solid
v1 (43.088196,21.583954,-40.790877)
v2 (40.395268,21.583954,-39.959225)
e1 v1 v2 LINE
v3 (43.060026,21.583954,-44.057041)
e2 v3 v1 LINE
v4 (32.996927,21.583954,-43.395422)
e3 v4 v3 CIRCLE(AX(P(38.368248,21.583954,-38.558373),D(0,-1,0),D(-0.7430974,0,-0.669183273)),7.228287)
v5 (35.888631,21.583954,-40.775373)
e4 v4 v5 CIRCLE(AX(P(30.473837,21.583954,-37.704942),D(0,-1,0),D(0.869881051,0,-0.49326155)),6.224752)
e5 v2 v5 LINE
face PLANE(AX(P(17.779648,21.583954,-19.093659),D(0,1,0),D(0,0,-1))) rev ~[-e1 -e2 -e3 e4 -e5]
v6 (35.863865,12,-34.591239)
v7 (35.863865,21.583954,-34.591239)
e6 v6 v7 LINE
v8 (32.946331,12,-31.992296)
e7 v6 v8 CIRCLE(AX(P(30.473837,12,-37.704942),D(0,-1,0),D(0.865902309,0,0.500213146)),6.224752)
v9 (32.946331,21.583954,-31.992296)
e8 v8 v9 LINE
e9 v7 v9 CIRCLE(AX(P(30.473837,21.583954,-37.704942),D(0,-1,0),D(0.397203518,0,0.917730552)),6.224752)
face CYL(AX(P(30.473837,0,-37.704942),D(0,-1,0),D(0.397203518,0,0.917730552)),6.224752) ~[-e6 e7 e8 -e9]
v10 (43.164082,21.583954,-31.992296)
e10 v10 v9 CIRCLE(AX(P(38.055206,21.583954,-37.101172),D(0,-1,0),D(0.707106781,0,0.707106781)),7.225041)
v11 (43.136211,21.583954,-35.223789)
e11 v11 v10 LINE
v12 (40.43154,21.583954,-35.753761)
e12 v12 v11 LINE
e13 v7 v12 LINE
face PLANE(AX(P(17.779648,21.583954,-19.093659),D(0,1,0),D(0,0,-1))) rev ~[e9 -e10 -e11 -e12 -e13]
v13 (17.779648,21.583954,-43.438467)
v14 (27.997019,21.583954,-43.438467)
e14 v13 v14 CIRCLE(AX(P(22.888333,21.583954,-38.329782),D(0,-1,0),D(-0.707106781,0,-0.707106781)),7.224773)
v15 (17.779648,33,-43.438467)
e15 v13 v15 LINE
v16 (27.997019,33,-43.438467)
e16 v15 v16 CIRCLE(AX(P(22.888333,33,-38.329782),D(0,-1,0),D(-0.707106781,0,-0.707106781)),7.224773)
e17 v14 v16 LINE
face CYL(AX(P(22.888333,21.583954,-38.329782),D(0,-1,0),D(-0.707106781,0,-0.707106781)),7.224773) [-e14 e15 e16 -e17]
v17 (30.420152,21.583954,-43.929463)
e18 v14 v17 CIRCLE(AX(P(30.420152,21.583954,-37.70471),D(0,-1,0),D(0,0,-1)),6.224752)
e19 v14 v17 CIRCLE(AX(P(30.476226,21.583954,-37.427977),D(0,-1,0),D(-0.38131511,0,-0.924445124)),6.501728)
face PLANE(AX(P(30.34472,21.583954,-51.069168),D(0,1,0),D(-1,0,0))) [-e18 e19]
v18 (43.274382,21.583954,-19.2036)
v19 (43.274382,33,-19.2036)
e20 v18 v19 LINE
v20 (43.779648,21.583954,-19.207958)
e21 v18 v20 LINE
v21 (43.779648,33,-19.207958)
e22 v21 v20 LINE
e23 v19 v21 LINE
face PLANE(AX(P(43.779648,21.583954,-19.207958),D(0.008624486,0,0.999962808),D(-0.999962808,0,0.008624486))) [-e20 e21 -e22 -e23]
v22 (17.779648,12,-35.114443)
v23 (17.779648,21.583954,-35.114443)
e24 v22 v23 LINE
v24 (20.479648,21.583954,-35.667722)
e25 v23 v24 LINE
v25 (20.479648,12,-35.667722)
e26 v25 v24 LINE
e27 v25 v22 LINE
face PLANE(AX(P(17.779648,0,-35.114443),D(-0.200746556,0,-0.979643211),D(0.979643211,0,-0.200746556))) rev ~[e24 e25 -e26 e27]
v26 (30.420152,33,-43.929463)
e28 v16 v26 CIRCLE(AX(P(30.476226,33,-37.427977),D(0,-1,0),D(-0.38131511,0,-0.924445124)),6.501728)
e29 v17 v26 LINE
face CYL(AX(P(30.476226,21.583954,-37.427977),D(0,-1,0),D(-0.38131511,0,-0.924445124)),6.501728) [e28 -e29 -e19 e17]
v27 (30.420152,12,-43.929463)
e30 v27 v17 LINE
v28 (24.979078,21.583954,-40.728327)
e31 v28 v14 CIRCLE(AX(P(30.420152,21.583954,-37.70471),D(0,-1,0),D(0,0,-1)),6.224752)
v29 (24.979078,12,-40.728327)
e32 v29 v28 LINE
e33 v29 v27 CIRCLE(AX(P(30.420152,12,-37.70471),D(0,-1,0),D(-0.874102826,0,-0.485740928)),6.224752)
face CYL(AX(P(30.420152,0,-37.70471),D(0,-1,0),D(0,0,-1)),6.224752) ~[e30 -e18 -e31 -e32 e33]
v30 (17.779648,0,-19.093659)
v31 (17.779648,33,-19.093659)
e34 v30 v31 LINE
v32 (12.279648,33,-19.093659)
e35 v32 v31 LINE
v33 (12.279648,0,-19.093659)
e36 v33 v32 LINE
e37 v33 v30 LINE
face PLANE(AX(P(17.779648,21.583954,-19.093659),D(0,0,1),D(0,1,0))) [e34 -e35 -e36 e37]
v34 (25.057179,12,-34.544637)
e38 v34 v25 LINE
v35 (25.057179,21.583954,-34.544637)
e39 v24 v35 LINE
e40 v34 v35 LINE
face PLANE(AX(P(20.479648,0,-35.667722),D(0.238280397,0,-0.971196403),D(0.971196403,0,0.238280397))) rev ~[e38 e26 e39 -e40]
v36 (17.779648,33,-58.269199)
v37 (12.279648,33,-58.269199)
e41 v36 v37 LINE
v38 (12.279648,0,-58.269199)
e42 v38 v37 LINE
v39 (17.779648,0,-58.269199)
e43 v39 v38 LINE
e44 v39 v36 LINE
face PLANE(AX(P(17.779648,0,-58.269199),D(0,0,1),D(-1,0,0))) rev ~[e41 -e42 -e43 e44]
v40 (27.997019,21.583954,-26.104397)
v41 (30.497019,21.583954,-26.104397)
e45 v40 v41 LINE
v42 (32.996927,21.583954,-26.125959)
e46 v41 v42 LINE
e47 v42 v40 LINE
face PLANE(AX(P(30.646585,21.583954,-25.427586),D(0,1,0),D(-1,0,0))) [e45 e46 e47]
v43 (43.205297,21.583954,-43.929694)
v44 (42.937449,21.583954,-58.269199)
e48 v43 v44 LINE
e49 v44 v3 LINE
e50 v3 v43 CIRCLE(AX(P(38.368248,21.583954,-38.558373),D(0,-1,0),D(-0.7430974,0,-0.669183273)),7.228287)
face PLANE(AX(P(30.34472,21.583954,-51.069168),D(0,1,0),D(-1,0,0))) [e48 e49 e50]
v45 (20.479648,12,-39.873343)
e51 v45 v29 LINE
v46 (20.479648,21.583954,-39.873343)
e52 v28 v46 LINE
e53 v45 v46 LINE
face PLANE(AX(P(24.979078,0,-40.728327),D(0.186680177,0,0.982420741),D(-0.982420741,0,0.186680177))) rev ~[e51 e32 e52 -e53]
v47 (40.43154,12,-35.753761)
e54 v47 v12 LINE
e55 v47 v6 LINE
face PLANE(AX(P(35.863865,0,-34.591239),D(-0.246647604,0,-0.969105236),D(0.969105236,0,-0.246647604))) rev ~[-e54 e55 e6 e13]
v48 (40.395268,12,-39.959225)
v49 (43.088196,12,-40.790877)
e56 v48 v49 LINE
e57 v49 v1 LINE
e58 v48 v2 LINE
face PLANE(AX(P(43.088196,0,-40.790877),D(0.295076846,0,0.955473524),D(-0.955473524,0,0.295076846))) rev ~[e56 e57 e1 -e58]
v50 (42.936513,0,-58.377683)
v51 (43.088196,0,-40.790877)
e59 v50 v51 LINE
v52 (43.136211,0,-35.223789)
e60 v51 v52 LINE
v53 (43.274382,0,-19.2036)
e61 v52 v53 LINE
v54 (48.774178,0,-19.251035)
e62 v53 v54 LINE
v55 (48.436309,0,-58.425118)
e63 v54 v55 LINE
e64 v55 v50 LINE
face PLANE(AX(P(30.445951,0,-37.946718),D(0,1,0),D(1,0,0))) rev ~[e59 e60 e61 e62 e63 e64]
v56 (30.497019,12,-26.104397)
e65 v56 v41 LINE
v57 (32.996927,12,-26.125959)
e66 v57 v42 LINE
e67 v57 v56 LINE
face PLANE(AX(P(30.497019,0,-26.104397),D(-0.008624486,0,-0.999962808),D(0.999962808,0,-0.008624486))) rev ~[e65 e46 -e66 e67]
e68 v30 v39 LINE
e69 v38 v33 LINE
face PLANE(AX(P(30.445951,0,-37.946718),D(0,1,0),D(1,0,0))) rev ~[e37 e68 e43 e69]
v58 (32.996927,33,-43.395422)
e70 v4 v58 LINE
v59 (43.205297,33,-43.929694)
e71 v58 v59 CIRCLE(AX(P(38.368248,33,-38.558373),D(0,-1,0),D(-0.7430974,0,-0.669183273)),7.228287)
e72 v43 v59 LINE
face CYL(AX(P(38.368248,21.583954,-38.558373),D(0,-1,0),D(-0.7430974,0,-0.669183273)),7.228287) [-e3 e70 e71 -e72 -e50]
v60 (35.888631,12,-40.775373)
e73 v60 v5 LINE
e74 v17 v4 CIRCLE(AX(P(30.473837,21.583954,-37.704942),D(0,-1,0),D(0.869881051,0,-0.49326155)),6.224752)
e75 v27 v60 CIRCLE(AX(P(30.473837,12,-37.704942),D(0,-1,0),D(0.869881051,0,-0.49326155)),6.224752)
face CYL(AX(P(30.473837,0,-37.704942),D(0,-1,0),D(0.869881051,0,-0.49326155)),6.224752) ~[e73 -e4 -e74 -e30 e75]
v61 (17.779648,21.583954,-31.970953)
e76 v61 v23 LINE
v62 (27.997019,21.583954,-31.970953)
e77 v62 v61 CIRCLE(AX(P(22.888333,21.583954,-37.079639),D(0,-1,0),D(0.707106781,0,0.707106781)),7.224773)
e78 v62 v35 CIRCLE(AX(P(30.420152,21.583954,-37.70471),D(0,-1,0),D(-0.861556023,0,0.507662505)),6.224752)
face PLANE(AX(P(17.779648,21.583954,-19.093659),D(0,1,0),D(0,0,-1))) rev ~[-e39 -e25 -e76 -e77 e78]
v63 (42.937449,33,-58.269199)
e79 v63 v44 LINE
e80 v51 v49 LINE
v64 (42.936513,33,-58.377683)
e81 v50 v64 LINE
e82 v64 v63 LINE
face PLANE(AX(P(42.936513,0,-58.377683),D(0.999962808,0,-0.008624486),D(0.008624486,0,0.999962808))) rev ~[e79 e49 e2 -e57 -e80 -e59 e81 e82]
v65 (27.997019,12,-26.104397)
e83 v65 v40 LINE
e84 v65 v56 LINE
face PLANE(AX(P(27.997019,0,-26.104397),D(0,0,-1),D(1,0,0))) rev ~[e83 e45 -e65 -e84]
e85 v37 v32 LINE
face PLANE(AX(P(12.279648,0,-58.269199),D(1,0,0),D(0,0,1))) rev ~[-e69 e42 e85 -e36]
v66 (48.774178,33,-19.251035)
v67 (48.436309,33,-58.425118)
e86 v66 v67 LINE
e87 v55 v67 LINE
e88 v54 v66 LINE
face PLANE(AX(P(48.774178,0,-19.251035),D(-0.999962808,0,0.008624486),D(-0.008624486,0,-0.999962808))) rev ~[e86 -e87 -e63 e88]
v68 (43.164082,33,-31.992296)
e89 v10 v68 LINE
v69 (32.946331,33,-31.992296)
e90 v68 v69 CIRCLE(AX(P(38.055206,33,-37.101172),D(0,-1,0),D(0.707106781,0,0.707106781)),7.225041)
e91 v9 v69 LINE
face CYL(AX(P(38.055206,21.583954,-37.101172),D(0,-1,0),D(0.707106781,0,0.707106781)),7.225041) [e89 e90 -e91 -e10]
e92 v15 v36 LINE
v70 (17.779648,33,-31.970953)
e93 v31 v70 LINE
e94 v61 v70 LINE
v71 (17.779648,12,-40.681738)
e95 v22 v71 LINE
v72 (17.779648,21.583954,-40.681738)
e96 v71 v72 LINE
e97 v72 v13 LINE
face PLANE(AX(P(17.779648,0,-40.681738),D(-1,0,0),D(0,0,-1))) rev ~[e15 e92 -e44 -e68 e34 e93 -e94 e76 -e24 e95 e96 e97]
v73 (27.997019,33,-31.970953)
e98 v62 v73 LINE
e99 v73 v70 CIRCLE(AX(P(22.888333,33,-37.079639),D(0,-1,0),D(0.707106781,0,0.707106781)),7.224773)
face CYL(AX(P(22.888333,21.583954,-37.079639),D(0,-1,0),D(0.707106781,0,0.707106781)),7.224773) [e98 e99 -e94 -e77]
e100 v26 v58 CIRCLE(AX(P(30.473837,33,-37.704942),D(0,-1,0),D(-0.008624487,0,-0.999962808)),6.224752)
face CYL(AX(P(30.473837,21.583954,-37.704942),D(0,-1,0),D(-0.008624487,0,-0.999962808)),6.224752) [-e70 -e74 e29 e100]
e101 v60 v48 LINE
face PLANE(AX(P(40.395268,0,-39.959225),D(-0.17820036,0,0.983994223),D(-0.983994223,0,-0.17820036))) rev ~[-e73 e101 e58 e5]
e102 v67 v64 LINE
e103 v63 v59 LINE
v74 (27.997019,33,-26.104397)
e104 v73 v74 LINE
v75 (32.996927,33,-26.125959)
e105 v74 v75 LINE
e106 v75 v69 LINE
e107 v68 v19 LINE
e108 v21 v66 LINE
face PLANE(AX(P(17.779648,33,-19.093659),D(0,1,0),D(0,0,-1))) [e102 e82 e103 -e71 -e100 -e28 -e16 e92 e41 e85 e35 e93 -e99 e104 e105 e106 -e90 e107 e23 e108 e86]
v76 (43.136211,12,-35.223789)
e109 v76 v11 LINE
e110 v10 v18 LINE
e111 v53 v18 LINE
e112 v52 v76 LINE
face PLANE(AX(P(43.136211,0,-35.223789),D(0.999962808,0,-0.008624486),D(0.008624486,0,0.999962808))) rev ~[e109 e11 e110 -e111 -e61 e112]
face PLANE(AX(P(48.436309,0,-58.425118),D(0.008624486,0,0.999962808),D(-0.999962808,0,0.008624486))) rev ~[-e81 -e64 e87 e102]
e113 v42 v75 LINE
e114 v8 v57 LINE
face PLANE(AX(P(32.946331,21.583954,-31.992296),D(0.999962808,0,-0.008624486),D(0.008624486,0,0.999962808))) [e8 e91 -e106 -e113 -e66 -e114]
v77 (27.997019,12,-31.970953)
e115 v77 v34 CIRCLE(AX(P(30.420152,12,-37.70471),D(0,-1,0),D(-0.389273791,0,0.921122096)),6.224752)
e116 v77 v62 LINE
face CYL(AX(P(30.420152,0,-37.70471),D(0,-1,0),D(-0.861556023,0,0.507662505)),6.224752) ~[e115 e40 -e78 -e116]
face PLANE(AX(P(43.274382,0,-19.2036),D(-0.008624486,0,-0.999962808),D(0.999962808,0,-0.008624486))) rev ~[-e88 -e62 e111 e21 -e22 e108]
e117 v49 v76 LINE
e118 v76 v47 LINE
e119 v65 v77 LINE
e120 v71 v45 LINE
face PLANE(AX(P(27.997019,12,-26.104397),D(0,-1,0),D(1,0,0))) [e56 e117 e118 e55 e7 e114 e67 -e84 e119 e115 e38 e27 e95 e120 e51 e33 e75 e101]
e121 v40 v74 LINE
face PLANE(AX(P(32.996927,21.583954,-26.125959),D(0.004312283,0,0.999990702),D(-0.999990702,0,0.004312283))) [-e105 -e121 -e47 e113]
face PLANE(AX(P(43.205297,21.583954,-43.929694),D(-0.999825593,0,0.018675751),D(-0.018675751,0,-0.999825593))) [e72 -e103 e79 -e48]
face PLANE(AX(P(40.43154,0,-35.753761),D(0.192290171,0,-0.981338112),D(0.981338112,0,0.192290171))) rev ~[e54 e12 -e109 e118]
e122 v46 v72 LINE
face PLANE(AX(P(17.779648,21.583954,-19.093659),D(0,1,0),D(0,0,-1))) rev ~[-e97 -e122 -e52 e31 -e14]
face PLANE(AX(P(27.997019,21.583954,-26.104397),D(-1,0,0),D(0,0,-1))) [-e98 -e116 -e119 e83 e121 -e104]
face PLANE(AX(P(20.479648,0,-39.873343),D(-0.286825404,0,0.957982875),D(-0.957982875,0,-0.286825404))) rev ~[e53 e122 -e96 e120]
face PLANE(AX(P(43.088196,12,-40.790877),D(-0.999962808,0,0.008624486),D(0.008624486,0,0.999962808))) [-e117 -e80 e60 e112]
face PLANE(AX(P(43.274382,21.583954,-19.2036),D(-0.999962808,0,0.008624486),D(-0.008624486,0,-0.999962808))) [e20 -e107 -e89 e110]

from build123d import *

# Parameters (mm, degrees)
BOSS_EXTRUDE1_DEPTH     = 33
CUT_EXTRUDE1_DEPTH      = 83.954293528
CUT_EXTRUDE1_DEPTH_BACK = 12
SKETCH3_W               = 9.481209811
SKETCH3_H               = 17.021727652
CUT_EXTRUDE2_DEPTH      = 22
SKETCH6_W               = 39.175540074
SKETCH6_H               = 11.416045591
BOSS_EXTRUDE3_DEPTH     = 26
CUT_EXTRUDE3_DEPTH      = 26


with BuildPart() as part:
    # Sketch1 → Boss-Extrude1 (new body)
    with BuildSketch(Plane(origin=(0, 0, 0), x_dir=(1, 0, 0), z_dir=(0, 1, 0))):
        with BuildLine():
            Line((27.99701897, 26.104397373), (30.497019389, 26.104397373))
            Line((30.497019389, 26.104397373), (32.996926828, 26.125958592))
            Line((32.996926828, 26.125958592), (32.946330796, 31.992296402))
            ThreePointArc((32.946330796, 31.992296402), (34.614300355, 33.056919945), (35.86386473, 34.591238885))
            Line((35.86386473, 34.591238885), (40.431539769, 35.753760832))
            Line((40.431539769, 35.753760832), (43.136211097, 35.223788843))
            Line((43.136211097, 35.223788843), (43.274382132, 19.203600277))
            Line((43.274382132, 19.203600277), (48.774177579, 19.251034952))
            Line((48.774177579, 19.251034952), (48.43630867, 58.425118026))
            Line((48.43630867, 58.425118026), (42.936513223, 58.377683351))
            Line((42.936513223, 58.377683351), (43.088196039, 40.790876563))
            Line((43.088196039, 40.790876563), (40.395268448, 39.959225491))
            Line((40.395268448, 39.959225491), (35.888631414, 40.775372904))
            ThreePointArc((35.888631414, 40.775372904), (33.583892359, 43.097075019), (30.420151943, 43.929462788))
            ThreePointArc((30.420151943, 43.929462788), (27.263708108, 43.06982034), (24.979078258, 40.728327384))
            Line((24.979078258, 40.728327384), (20.479647685, 39.873342894))
            Line((20.479647685, 39.873342894), (17.779647685, 40.681737919))
            Line((17.779647685, 40.681737919), (17.779647685, 58.269198812))
            Line((17.779647685, 58.269198812), (12.279647685, 58.269198812))
            Line((12.279647685, 58.269198812), (12.279647685, 19.093658738))
            Line((12.279647685, 19.093658738), (17.779647685, 19.093658738))
            Line((17.779647685, 19.093658738), (17.779647685, 35.114443143))
            Line((17.779647685, 35.114443143), (20.479647685, 35.667721822))
            Line((20.479647685, 35.667721822), (25.057179, 34.544636961))
            ThreePointArc((25.057179, 34.544636961), (26.319929615, 33.021151936), (27.99701897, 31.970953369))
            Line((27.99701897, 31.970953369), (27.99701897, 26.104397373))
        make_face()
    extrude(amount=BOSS_EXTRUDE1_DEPTH)

    # Sketch2 → Cut-Extrude1 (cut, two sides: drawn at the far end of the back side and taken through both)
    with BuildSketch(Plane.XZ.offset(-CUT_EXTRUDE1_DEPTH_BACK)):
        with BuildLine():
            Line((20.479647685, -35.667721822), (17.779647685, -35.114443143))
            Line((17.779647685, -35.114443143), (17.779647685, -40.681737919))
            Line((17.779647685, -40.681737919), (20.479647685, -39.873342894))
            Line((20.479647685, -39.873342894), (24.979078258, -40.728327384))
            ThreePointArc((24.979078258, -40.728327384), (27.263708108, -43.06982034), (30.420151943, -43.929462788))
            ThreePointArc((30.420151943, -43.929462788), (33.576595778, -43.084424394), (35.888631414, -40.775372904))
            Line((35.888631414, -40.775372904), (40.395268448, -39.959225491))
            Line((40.395268448, -39.959225491), (43.088196039, -40.790876563))
            Line((43.088196039, -40.790876563), (43.136211097, -35.223788843))
            Line((43.136211097, -35.223788843), (40.431539769, -35.753760832))
            Line((40.431539769, -35.753760832), (35.86386473, -34.591238885))
            ThreePointArc((35.86386473, -34.591238885), (34.614300355, -33.056919945), (32.946330796, -31.992296402))
            Line((32.946330796, -31.992296402), (32.996926828, -26.125958592))
            Line((32.996926828, -26.125958592), (27.99701897, -26.104397373))
            Line((27.99701897, -26.104397373), (27.99701897, -31.970953369))
            ThreePointArc((27.99701897, -31.970953369), (26.319929615, -33.021151936), (25.057179, -34.544636961))
            Line((25.057179, -34.544636961), (20.479647685, -35.667721822))
        make_face()
    extrude(amount=CUT_EXTRUDE1_DEPTH + CUT_EXTRUDE1_DEPTH_BACK, mode=Mode.SUBTRACT)

    # Sketch3 → Cut-Extrude2 (cut)
    with BuildSketch(Plane.XY.offset(-26.104397373)):
        with Locations((32.737623876, 3.489136174)):
            Rectangle(SKETCH3_W, SKETCH3_H)
    extrude(amount=-CUT_EXTRUDE2_DEPTH, mode=Mode.SUBTRACT)

    # Sketch6 → Boss-Extrude3 (add)
    with BuildSketch(Plane(origin=(17.779647685, 0, 0), x_dir=(0, 0, -1), z_dir=(1, 0, 0))):
        with Locations((38.681428775, 27.291977205)):
            Rectangle(SKETCH6_W, SKETCH6_H)
    extrude(amount=BOSS_EXTRUDE3_DEPTH)

    # Sketch7 → Cut-Extrude3 (cut)
    with BuildSketch(Plane.XZ.offset(-21.583954409)):
        with BuildLine():
            Line((32.946330796, -31.992296402), (32.996926828, -26.125958592))
            Line((32.996926828, -26.125958592), (27.99701897, -26.104397373))
            Line((27.99701897, -26.104397373), (27.99701897, -31.970953369))
            ThreePointArc((27.99701897, -31.970953369), (22.888333328, -29.85486649), (17.779647685, -31.970953369))
            Line((17.779647685, -31.970953369), (17.779647685, -19.093658738))
            Line((17.779647685, -19.093658738), (43.274382132, -19.093658738))
            Line((43.274382132, -19.093658738), (43.779647685, -19.093658738))
            Line((43.779647685, -19.093658738), (43.779647685, -19.207958095))
            Line((43.779647685, -19.207958095), (43.274382132, -19.203600277))
            Line((43.274382132, -19.203600277), (43.164082095, -31.992296402))
            ThreePointArc((43.164082095, -31.992296402), (38.055206446, -29.876130819), (32.946330796, -31.992296402))
        make_face()
        with BuildLine():
            Line((43.205296614, -43.929694297), (42.937448882, -58.269198812))
            Line((42.937448882, -58.269198812), (17.779647685, -58.269198812))
            Line((17.779647685, -58.269198812), (17.779647685, -43.438467364))
            ThreePointArc((17.779647685, -43.438467364), (22.888333328, -45.554554244), (27.99701897, -43.438467364))
            ThreePointArc((27.99701897, -43.438467364), (29.185032105, -43.80020425), (30.420151943, -43.929462788))
            ThreePointArc((30.420151943, -43.929462788), (31.737082796, -43.800165691), (32.996926828, -43.395421786))
            ThreePointArc((32.996926828, -43.395421786), (37.990460261, -45.776780649), (43.205296614, -43.929694297))
        make_face()
    extrude(amount=-CUT_EXTRUDE3_DEPTH, mode=Mode.SUBTRACT)


solid = part.part
